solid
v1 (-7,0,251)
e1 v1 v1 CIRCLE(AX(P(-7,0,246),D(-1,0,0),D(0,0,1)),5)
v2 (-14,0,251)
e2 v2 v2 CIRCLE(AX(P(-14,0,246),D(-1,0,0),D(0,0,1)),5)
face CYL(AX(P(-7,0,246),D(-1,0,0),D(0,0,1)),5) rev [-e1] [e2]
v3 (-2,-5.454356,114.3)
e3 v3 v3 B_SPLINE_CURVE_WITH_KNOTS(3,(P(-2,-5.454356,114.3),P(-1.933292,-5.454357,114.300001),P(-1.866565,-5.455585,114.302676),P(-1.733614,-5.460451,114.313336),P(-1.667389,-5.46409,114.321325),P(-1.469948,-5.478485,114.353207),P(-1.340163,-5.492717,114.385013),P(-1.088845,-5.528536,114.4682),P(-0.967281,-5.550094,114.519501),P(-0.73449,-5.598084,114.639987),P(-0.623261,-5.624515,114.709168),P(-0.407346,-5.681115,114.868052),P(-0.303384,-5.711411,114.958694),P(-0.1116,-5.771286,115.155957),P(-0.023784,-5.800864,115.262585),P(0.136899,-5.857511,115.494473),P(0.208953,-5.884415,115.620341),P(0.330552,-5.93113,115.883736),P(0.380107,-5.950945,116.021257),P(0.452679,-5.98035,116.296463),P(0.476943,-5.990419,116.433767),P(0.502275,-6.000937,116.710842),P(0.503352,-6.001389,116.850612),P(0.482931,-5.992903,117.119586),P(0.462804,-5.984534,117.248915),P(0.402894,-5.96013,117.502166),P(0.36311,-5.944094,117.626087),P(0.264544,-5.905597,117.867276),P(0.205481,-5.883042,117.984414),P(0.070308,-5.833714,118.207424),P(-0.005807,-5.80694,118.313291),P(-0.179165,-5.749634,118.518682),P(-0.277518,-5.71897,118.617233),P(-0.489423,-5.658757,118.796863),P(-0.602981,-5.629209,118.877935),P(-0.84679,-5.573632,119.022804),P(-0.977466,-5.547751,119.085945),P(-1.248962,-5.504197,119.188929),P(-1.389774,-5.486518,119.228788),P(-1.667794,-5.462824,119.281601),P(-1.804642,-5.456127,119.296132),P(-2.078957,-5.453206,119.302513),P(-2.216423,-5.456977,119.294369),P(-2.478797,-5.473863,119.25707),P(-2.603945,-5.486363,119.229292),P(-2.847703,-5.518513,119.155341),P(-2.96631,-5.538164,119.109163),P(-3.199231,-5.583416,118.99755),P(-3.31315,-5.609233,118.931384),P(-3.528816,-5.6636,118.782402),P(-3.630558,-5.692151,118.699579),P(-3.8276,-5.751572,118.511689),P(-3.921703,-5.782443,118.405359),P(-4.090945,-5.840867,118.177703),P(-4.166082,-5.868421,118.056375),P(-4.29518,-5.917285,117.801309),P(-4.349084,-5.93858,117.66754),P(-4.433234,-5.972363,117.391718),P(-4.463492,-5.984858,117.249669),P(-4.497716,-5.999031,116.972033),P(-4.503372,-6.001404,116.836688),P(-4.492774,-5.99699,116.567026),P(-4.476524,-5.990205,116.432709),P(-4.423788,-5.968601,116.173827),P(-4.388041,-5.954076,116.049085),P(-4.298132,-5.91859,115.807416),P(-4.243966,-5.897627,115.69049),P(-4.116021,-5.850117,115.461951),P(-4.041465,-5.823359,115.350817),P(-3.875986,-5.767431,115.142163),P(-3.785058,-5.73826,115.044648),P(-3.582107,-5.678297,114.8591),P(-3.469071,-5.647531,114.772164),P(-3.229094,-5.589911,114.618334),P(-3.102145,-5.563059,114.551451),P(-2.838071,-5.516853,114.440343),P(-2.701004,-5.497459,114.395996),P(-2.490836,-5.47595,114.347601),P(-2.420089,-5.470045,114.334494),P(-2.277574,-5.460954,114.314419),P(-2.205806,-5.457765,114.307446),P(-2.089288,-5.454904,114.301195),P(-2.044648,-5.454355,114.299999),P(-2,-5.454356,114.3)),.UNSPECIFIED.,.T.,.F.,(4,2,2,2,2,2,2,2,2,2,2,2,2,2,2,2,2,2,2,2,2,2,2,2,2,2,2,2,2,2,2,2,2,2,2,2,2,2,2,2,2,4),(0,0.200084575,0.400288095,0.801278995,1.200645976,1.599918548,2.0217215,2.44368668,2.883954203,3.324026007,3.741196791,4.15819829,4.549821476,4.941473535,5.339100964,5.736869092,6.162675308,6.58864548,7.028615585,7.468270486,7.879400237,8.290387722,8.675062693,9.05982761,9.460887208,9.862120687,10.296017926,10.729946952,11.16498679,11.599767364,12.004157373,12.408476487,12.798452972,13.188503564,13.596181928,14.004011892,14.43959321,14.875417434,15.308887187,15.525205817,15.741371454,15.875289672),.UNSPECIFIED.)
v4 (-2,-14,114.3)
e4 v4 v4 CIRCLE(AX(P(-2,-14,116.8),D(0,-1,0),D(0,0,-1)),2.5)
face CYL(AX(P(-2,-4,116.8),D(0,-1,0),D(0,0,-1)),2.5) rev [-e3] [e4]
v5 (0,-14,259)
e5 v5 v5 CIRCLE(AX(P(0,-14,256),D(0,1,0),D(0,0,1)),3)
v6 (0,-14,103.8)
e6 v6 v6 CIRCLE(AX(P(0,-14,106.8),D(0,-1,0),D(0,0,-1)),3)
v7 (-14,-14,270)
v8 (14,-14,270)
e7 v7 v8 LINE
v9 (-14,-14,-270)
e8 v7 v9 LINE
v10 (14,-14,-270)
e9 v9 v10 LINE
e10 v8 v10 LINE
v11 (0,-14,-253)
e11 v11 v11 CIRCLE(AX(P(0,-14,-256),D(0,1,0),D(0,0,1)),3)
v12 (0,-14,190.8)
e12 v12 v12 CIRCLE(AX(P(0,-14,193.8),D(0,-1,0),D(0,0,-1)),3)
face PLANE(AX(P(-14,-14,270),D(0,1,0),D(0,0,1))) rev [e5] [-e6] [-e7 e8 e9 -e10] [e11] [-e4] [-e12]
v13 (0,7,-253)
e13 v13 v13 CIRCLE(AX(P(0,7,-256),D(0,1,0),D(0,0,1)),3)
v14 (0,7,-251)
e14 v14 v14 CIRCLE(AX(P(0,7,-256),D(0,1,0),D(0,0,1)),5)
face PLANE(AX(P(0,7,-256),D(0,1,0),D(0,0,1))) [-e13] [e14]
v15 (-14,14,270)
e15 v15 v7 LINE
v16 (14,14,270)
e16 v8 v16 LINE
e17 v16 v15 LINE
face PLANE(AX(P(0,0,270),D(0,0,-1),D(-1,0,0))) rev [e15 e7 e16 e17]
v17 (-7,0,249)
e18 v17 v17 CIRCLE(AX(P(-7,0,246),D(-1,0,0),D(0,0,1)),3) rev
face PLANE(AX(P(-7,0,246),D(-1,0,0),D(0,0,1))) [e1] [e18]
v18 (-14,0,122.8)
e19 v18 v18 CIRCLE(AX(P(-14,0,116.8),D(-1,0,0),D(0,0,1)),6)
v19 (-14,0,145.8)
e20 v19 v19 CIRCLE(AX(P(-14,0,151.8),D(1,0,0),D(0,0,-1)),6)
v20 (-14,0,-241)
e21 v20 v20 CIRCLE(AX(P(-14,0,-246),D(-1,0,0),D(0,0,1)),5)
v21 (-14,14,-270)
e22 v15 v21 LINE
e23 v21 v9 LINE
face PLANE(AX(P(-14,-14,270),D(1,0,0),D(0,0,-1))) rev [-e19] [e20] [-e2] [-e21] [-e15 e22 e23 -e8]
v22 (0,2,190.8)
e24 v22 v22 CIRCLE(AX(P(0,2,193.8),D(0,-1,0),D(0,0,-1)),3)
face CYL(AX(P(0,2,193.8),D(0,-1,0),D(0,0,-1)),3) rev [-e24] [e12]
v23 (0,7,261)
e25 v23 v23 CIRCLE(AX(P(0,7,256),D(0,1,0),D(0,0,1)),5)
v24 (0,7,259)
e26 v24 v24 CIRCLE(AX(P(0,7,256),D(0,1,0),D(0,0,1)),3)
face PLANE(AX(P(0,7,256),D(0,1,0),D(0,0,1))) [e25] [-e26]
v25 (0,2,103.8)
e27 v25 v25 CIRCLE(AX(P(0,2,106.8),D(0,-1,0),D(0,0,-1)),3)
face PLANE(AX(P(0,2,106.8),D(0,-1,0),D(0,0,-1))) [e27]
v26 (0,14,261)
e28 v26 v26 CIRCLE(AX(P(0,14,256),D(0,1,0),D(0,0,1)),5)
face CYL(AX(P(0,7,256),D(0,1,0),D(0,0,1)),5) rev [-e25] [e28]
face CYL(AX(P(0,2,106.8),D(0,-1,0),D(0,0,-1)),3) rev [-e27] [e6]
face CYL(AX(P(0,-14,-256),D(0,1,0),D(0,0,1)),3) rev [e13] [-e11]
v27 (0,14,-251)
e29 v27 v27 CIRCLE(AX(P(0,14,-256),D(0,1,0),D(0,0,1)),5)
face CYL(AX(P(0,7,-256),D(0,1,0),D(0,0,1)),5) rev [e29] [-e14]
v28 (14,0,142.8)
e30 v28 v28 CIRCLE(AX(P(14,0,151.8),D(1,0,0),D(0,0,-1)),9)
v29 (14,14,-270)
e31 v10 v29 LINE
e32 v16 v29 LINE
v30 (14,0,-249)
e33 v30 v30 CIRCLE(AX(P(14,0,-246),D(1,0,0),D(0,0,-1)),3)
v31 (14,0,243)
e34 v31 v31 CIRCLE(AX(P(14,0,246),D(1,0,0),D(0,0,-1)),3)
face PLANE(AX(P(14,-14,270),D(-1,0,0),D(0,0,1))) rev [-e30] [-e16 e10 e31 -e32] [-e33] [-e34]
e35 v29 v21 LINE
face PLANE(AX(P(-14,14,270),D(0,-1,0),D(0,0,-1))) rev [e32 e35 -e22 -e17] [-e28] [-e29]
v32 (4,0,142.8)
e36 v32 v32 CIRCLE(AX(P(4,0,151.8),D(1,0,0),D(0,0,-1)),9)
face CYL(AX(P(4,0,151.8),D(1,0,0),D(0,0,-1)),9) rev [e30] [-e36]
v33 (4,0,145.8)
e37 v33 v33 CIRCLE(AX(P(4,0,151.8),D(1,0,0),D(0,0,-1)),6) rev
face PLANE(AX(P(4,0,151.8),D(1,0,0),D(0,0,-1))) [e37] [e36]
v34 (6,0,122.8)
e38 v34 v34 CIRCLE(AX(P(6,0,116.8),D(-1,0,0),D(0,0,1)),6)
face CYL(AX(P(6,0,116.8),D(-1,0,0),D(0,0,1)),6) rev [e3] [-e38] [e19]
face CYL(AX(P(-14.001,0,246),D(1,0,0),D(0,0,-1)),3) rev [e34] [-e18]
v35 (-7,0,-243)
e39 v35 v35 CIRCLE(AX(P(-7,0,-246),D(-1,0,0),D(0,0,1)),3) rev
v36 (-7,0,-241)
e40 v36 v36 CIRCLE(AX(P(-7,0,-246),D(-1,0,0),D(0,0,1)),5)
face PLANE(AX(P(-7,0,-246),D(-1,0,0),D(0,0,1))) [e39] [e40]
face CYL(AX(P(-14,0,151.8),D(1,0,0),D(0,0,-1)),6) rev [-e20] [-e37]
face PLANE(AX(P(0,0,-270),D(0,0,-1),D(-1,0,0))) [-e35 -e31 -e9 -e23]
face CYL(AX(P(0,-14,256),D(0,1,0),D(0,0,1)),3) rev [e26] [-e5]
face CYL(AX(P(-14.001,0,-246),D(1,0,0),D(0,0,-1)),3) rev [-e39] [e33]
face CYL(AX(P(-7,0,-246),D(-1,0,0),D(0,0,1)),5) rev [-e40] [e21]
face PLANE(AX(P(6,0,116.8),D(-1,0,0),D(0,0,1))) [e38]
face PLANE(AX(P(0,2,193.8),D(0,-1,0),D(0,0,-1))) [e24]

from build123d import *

# Parameters (mm, degrees)
IZIM1_W                     = 28
IZIM1_H                     = 28
Y_KSEKLIK_EKSTR_ZYON1_DEPTH = 270
IZIM3_R                     = 5
KES_EKSTR_ZYON2_DEPTH       = 7
IZIM4_R                     = 3
KES_EKSTR_ZYON3_DEPTH       = 272.808756298
IZIM5_R                     = 6
KES_EKSTR_ZYON4_DEPTH       = 272.808756298
IZIM6_R                     = 9
KES_EKSTR_ZYON5_DEPTH       = 10
KES_EKSTR_ZYON6_REACH       = 273.809
IZIM7_R                     = 3
IZIM9_R                     = 5
KES_EKSTR_ZYON8_DEPTH       = 7
SKETCH2_R                   = 3
CUT_EXTRUDE1_DEPTH          = 16
SKETCH3_R                   = 6
CUT_EXTRUDE2_DEPTH          = 20
SKETCH4_R                   = 2.5
CUT_EXTRUDE3_DEPTH          = 10


with BuildPart() as part:
    # Çizim1 → Yükseklik-Ekstrüzyon1 (new, symmetric)
    with BuildSketch(Plane.XY):
        Rectangle(IZIM1_W, IZIM1_H)
    extrude(amount=Y_KSEKLIK_EKSTR_ZYON1_DEPTH, both=True)

    # Çizim3 → Kes-Ekstrüzyon2 (cut)
    with BuildSketch(Plane(origin=(0, 14, 0), x_dir=(1, 0, 0), z_dir=(0, 1, 0))):
        with Locations(Location((0, 256, 0), (0, 0, 270))):
            Circle(IZIM3_R)
        with Locations(Location((0, -256, 0), (0, 0, 270))):
            Circle(IZIM3_R)
    extrude(amount=-KES_EKSTR_ZYON2_DEPTH, mode=Mode.SUBTRACT)

    # Çizim4 → Kes-Ekstrüzyon3 (cut, through all)
    with BuildSketch(Plane(origin=(0, 14, 0), x_dir=(1, 0, 0), z_dir=(0, 1, 0))):
        with Locations(Location((0, -256, 0), (0, 0, 270))):
            Circle(IZIM4_R)
        with Locations(Location((0, 256, 0), (0, 0, 270))):
            Circle(IZIM4_R)
    extrude(amount=-KES_EKSTR_ZYON3_DEPTH, mode=Mode.SUBTRACT)

    # Çizim5 → Kes-Ekstrüzyon4 (cut, through all)
    with BuildSketch(Plane(origin=(14, 0, 0), x_dir=(0, 0, -1), z_dir=(1, 0, 0))):
        with Locations((-151.8, 0)):
            Circle(IZIM5_R)
    extrude(amount=-KES_EKSTR_ZYON4_DEPTH, mode=Mode.SUBTRACT)

    # Çizim6 → Kes-Ekstrüzyon5 (cut)
    with BuildSketch(Plane(origin=(14, 0, 0), x_dir=(0, 0, -1), z_dir=(1, 0, 0))):
        with Locations((-151.8, 0)):
            Circle(IZIM6_R)
    extrude(amount=-KES_EKSTR_ZYON5_DEPTH, mode=Mode.SUBTRACT)

    # Çizim7 → Kes-Ekstrüzyon6 (cut, up to next)
    with BuildSketch(Plane(origin=(14, 0, 0), x_dir=(0, 0, -1), z_dir=(1, 0, 0)), mode=Mode.PRIVATE) as kes_ekstr_zyon6_sk1:
        with Locations((246, 0)):
            Circle(IZIM7_R)
    kes_ekstr_zyon6_tool1 = extrude(kes_ekstr_zyon6_sk1.sketch, amount=-KES_EKSTR_ZYON6_REACH, mode=Mode.PRIVATE) & part.part
    # Çizim7 → Kes-Ekstrüzyon6 (cut, up to next)
    with BuildSketch(Plane(origin=(14, 0, 0), x_dir=(0, 0, -1), z_dir=(1, 0, 0)), mode=Mode.PRIVATE) as kes_ekstr_zyon6_sk2:
        with Locations((-246, 0)):
            Circle(IZIM7_R)
    kes_ekstr_zyon6_tool2 = extrude(kes_ekstr_zyon6_sk2.sketch, amount=-KES_EKSTR_ZYON6_REACH, mode=Mode.PRIVATE) & part.part
    add(kes_ekstr_zyon6_tool1.solids().sort_by_distance((14, 0, -246))[0], mode=Mode.SUBTRACT)
    add(kes_ekstr_zyon6_tool2.solids().sort_by_distance((14, 0, 246))[0], mode=Mode.SUBTRACT)

    # Çizim9 → Kes-Ekstrüzyon8 (cut)
    with BuildSketch(Plane.ZY.offset(14)):
        with Locations((246, 0)):
            Circle(IZIM9_R)
        with Locations((-246, 0)):
            Circle(IZIM9_R)
    extrude(amount=-KES_EKSTR_ZYON8_DEPTH, mode=Mode.SUBTRACT)

    # Sketch2 → Cut-Extrude1 (cut)
    with BuildSketch(Plane.XZ.offset(14)):
        with Locations(Location((0, 193.8, 0), (0, 0, 270))):
            Circle(SKETCH2_R)
        with Locations(Location((0, 106.8, 0), (0, 0, 270))):
            Circle(SKETCH2_R)
    extrude(amount=-CUT_EXTRUDE1_DEPTH, mode=Mode.SUBTRACT)

    # Sketch3 → Cut-Extrude2 (cut)
    with BuildSketch(Plane.ZY.offset(14)):
        with Locations((116.8, 0)):
            Circle(SKETCH3_R)
    extrude(amount=-CUT_EXTRUDE2_DEPTH, mode=Mode.SUBTRACT)

    # Sketch4 → Cut-Extrude3 (cut)
    with BuildSketch(Plane.XZ.offset(14)):
        with Locations(Location((-2, 116.8, 0), (0, 0, 270))):
            Circle(SKETCH4_R)
    extrude(amount=-CUT_EXTRUDE3_DEPTH, mode=Mode.SUBTRACT)


solid = part.part
